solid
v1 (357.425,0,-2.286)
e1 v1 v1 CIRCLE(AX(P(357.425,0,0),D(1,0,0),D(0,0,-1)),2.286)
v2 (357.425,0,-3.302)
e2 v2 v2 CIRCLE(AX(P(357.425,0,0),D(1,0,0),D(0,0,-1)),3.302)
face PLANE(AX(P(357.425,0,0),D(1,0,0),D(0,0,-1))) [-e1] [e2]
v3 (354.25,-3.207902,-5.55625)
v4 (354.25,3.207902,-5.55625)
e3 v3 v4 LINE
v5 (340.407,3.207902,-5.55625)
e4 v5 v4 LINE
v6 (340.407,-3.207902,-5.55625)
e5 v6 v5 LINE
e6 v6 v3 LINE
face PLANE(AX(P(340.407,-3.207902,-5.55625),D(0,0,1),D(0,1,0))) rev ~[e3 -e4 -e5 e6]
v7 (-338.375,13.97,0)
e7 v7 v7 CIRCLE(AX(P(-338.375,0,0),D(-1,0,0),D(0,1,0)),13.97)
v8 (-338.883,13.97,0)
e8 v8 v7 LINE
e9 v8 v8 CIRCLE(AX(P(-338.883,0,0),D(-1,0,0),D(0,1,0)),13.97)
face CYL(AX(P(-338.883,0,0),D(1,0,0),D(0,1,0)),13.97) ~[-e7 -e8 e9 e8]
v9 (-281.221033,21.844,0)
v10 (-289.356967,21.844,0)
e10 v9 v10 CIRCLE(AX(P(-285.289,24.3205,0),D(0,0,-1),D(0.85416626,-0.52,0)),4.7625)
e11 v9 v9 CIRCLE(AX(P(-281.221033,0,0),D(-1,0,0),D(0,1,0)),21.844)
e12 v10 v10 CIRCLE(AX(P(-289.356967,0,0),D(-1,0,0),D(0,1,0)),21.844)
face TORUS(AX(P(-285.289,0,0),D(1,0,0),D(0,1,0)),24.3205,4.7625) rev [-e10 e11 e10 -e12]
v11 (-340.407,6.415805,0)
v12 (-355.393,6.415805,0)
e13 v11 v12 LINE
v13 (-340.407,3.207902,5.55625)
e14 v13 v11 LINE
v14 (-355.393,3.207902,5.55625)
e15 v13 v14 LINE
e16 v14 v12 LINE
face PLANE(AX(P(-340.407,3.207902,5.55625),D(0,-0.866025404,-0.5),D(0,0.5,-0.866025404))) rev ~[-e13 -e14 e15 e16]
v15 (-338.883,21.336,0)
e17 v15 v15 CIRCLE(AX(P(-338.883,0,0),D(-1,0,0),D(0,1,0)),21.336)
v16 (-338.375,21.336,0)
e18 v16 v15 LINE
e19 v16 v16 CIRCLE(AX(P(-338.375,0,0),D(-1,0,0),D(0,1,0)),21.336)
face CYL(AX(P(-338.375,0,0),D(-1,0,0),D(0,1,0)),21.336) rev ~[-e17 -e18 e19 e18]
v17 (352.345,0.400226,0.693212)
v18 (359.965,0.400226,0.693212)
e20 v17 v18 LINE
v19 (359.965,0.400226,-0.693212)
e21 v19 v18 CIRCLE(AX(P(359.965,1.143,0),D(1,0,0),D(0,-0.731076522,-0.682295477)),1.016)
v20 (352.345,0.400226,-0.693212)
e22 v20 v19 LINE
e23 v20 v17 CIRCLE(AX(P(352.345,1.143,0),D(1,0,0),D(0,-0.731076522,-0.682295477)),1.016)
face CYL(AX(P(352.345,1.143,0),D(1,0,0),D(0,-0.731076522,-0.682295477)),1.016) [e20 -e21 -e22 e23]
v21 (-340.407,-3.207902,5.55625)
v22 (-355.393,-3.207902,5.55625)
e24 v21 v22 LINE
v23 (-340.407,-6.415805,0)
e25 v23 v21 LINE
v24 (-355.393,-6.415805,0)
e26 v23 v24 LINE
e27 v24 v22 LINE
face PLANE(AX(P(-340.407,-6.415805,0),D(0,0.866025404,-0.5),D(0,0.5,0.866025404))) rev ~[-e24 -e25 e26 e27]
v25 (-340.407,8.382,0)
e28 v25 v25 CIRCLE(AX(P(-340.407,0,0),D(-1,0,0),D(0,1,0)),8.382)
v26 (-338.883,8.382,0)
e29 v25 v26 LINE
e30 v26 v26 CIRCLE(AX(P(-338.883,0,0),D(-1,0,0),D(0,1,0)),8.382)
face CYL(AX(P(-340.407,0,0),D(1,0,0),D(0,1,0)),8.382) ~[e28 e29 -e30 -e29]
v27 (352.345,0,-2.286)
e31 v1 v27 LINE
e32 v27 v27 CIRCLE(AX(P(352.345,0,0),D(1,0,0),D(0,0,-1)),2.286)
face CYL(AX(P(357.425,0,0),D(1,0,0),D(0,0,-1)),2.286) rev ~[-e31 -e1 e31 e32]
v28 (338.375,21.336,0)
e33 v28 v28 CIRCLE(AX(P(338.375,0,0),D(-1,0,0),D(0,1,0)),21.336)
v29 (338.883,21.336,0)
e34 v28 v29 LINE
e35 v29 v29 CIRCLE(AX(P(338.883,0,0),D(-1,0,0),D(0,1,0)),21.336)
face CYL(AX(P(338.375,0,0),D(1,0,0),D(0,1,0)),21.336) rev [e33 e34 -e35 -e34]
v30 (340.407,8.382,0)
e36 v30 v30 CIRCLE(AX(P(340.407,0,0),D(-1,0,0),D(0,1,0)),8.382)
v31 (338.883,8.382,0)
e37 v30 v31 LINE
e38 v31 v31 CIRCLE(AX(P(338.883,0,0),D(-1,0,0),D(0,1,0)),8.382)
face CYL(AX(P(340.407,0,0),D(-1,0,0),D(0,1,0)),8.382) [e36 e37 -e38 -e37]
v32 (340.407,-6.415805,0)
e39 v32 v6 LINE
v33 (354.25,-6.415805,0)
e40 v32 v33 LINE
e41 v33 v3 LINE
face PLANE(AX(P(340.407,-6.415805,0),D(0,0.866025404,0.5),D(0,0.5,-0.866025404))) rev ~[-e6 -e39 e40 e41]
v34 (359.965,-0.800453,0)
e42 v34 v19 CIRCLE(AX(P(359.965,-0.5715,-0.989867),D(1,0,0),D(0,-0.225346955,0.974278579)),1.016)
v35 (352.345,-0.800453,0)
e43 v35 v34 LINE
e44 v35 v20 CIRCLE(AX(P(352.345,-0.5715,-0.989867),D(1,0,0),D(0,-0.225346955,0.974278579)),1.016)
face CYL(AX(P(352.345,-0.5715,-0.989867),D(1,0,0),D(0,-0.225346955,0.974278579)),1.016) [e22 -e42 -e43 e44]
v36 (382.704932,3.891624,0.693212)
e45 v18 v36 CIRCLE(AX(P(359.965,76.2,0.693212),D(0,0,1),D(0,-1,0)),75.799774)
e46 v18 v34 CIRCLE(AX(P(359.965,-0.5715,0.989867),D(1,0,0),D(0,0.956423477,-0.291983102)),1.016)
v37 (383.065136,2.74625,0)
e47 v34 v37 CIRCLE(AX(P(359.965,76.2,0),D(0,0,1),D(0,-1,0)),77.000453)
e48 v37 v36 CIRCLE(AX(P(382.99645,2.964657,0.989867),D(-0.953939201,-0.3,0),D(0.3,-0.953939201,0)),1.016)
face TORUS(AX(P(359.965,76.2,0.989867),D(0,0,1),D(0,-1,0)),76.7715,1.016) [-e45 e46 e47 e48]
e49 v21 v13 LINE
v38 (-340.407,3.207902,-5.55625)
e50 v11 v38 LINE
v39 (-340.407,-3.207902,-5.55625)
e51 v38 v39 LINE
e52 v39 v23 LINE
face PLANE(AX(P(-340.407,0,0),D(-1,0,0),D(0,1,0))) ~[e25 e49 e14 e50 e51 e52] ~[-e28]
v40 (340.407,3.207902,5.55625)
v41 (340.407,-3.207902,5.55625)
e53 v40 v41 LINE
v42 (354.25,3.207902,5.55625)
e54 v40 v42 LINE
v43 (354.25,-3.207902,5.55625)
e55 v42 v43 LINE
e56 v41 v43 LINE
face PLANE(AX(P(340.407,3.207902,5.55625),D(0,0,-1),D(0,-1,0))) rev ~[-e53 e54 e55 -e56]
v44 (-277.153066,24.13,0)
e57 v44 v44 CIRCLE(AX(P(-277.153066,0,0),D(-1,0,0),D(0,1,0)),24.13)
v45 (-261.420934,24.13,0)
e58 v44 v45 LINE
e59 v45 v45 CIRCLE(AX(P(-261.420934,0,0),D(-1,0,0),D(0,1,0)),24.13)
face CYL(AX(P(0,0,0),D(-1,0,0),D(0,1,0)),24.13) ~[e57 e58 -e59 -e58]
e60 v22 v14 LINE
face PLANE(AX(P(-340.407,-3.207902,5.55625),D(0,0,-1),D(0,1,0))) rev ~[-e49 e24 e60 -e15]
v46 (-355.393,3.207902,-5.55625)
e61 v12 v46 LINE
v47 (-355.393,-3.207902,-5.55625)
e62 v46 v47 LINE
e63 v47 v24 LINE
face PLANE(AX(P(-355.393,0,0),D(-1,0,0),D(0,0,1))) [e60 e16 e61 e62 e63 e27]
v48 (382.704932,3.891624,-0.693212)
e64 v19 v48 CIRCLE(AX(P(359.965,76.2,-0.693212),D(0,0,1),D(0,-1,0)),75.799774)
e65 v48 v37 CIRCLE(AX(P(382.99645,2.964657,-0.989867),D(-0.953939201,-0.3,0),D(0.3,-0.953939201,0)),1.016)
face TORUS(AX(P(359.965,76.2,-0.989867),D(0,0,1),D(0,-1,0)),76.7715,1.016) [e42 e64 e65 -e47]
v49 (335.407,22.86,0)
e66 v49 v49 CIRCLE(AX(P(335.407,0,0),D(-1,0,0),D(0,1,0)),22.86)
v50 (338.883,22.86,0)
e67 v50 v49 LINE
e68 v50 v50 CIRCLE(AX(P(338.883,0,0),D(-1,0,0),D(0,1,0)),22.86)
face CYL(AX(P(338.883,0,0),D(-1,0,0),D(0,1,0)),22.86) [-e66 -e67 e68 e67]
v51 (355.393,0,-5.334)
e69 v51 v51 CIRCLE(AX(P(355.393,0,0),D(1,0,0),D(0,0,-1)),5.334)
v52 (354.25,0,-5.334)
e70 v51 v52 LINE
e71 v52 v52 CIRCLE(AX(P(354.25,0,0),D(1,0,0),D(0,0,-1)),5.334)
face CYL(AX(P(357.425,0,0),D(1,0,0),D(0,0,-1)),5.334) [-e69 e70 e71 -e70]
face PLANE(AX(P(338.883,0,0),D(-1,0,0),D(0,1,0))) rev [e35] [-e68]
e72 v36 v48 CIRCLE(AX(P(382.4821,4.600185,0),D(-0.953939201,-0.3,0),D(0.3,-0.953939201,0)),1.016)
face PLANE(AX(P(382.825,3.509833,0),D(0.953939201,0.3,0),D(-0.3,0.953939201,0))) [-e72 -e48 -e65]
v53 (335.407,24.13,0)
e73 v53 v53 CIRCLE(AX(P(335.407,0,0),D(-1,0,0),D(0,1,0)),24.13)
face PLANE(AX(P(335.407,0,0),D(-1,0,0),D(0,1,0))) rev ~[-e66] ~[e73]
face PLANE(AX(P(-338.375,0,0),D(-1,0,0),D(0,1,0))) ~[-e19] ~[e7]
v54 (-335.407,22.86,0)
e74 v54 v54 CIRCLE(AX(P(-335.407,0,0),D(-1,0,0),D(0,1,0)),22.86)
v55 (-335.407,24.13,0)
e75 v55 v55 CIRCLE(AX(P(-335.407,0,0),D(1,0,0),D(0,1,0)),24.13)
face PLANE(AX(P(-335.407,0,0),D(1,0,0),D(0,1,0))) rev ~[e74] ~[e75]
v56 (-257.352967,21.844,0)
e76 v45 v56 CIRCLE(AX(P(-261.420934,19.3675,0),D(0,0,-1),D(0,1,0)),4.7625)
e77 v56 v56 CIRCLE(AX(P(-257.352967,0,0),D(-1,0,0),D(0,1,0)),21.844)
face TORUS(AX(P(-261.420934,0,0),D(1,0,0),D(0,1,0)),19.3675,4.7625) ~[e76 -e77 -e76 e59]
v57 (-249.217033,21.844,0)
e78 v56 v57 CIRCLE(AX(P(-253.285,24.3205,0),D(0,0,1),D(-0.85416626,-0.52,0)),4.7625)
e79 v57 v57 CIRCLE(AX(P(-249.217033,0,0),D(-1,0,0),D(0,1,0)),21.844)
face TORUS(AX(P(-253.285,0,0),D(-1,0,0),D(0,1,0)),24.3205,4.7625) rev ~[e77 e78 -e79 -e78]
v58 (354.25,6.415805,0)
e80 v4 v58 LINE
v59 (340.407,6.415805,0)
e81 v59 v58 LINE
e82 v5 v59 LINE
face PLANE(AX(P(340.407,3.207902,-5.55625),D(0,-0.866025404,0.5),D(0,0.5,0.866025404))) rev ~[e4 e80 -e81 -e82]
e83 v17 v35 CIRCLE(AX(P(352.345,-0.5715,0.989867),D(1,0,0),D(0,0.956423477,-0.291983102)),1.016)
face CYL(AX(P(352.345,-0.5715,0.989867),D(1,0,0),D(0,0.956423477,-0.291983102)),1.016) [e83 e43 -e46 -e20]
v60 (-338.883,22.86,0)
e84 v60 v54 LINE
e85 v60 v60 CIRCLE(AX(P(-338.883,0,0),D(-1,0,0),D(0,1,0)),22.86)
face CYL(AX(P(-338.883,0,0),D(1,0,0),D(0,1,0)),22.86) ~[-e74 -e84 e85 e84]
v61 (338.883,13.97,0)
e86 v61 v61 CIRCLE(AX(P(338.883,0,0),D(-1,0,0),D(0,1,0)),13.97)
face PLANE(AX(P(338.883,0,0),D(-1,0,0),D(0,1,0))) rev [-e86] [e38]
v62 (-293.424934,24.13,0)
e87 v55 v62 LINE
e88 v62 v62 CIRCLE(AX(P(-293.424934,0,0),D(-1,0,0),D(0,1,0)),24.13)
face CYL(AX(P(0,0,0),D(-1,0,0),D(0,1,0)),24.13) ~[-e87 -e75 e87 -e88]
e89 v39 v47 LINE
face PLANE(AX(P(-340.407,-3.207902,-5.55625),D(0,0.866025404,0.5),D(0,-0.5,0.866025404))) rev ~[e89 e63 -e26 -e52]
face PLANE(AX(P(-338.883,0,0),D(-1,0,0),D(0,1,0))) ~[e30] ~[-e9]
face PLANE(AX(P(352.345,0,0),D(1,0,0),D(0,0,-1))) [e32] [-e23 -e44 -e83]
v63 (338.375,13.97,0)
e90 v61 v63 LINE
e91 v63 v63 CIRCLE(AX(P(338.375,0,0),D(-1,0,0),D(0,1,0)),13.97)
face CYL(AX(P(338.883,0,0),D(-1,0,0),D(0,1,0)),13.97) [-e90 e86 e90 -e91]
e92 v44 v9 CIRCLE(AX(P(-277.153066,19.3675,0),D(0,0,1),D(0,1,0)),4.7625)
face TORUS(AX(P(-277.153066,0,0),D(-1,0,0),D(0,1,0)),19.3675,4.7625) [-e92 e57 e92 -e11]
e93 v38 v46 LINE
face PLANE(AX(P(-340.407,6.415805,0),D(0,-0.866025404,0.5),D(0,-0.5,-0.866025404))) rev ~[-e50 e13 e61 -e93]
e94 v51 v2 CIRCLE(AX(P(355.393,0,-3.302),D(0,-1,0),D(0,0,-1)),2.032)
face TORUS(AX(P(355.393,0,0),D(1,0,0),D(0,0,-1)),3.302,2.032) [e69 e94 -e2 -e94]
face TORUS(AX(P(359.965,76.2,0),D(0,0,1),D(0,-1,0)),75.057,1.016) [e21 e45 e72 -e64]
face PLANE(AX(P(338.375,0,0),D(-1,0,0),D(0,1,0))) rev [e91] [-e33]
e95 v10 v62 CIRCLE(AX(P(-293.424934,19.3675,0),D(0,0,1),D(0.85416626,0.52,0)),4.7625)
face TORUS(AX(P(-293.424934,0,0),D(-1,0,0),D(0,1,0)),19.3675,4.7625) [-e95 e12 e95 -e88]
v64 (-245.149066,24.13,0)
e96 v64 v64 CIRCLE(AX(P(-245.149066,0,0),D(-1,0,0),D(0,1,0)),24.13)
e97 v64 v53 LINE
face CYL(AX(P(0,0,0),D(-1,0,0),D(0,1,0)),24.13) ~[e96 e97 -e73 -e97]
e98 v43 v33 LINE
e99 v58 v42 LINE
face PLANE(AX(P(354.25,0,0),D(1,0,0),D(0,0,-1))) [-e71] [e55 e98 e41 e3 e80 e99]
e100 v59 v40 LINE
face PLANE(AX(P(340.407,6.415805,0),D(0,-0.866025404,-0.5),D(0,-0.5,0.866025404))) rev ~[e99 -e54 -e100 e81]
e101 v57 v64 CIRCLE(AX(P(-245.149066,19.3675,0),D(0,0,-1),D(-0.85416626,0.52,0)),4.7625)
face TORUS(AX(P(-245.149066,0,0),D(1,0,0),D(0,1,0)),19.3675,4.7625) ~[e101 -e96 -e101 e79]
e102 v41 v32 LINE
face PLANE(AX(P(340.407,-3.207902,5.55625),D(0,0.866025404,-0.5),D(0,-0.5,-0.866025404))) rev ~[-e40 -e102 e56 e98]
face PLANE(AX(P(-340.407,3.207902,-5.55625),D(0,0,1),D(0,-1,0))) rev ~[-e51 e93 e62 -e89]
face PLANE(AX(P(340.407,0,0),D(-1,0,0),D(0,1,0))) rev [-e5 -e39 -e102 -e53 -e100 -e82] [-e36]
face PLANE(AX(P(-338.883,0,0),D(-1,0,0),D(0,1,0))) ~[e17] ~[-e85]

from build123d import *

# Parameters (mm, degrees)
BOSS_EXTRUDE1_DEPTH             = 14.986
BOSS_EXTRUDE2_DEPTH             = 17.018
SKETCH5_OUTSIDE_W               = 190.868
SKETCH5_OUTSIDE_H               = 190.868
SKETCH5_OUTSIDE_R               = 5.334
CUT_EXTRUDE1_DEPTH              = 3.175
FILLET1_R                       = 2.032
BOSS_EXTRUDE3_REACH             = 360.884
SKETCH6_R                       = 24.13
BOSS_EXTRUDE3_DIRECTION_2_REACH = 360.884
SKETCH8_R                       = 2.286
CUT_EXTRUDE2_DEPTH              = 5.08


with BuildPart() as part:
    # Sketch2 → Revolve1 (revolve)
    with BuildSketch(Plane.XY):
        Polygon((-340.407, 0), (-340.407, 8.382), (-338.883, 8.382), (-338.883, 13.97), (-338.375, 13.97), (-338.375, 21.336), (-338.883, 21.336), (-338.883, 22.86), (-335.407, 22.86), (-335.407, 0), align=None)
        Polygon((335.407, 0), (340.407, 0), (340.407, 8.382), (338.883, 8.382), (338.883, 13.97), (338.375, 13.97), (338.375, 21.336), (338.883, 21.336), (338.883, 22.86), (335.407, 22.86), align=None)
    revolve(axis=Axis((-340.407, 0, 0), (-1, 0, 0)))

    # Sketch3 → Boss-Extrude1 (add)
    with BuildSketch(Plane.ZY.offset(340.407)):
        Polygon((0, 6.415804866), (-5.55625, 3.207902433), (-5.55625, -3.207902433), (0, -6.415804866), (5.55625, -3.207902433), (5.55625, 3.207902433), align=None)
    extrude(amount=BOSS_EXTRUDE1_DEPTH)

    # Sketch4 → Boss-Extrude2 (add)
    with BuildSketch(Plane(origin=(340.407, 0, 0), x_dir=(0, 0, -1), z_dir=(1, 0, 0))):
        Polygon((5.55625, 3.207902433), (0, 6.415804866), (-5.55625, 3.207902433), (-5.55625, -3.207902433), (0, -6.415804866), (5.55625, -3.207902433), align=None)
    extrude(amount=BOSS_EXTRUDE2_DEPTH)

    # Sketch5 outside → Cut-Extrude1 (cut)
    with BuildSketch(Plane(origin=(357.425, 0, 0), x_dir=(0, 0, -1), z_dir=(1, 0, 0))):
        Rectangle(SKETCH5_OUTSIDE_W, SKETCH5_OUTSIDE_H)
        Circle(SKETCH5_OUTSIDE_R, mode=Mode.SUBTRACT)
    extrude(amount=-CUT_EXTRUDE1_DEPTH, mode=Mode.SUBTRACT)

    # Fillet1
    fillet1_edges = [part.edges().sort_by_distance(p)[0] for p in [
        (357.425, 0, 5.334),
    ]]
    fillet(fillet1_edges, radius=FILLET1_R)

    # Boss-Extrude3: up to this face of the body (flat: up to its plane)
    boss_extrude3_end = Plane(part.part.faces().sort_by_distance((-335.407, 0, 0))[0])
    # Sketch6 → Boss-Extrude3 (add, up to the picked face)
    with BuildSketch(Plane(origin=(0, 0, 0), x_dir=(0, 0, -1), z_dir=(1, 0, 0)), mode=Mode.PRIVATE) as boss_extrude3_sk1:
        with Locations(Location((0, 0, 0), (0, 0, 90))):
            Circle(SKETCH6_R)
    boss_extrude3_tool1 = split(extrude(boss_extrude3_sk1.sketch, amount=-BOSS_EXTRUDE3_REACH, mode=Mode.PRIVATE), bisect_by=boss_extrude3_end, keep=Keep.BOTH, mode=Mode.PRIVATE)
    add(boss_extrude3_tool1.solids().sort_by(Axis((0, 0, 0), (-1, 0, 0)))[0])

    # Boss-Extrude3 direction 2: up to this face of the body (flat: up to its plane)
    boss_extrude3_direction_2_end = Plane(part.part.faces().sort_by_distance((335.407, 0, 0))[0])
    # Sketch6 → Boss-Extrude3 direction 2 (add, up to the picked face)
    with BuildSketch(Plane(origin=(0, 0, 0), x_dir=(0, 0, -1), z_dir=(1, 0, 0)), mode=Mode.PRIVATE) as boss_extrude3_direction_2_sk1:
        with Locations(Location((0, 0, 0), (0, 0, 90))):
            Circle(SKETCH6_R)
    boss_extrude3_direction_2_tool1 = split(extrude(boss_extrude3_direction_2_sk1.sketch, amount=BOSS_EXTRUDE3_DIRECTION_2_REACH, mode=Mode.PRIVATE), bisect_by=boss_extrude3_direction_2_end, keep=Keep.BOTH, mode=Mode.PRIVATE)
    add(boss_extrude3_direction_2_tool1.solids().sort_by(Axis((0, 0, 0), (1, 0, 0)))[0])

    # Sketch7 → Cut-Revolve1 (revolve, cut)
    with BuildSketch(Plane.XY):
        with BuildLine():
            Line((-293.424933628, 24.13), (-277.153066372, 24.13))
            ThreePointArc((-277.153066372, 24.13), (-279.486205352, 23.519351244), (-281.221033186, 21.844))
            ThreePointArc((-281.221033186, 21.844), (-285.289, 19.558), (-289.356966814, 21.844))
            ThreePointArc((-289.356966814, 21.844), (-291.091794648, 23.519351244), (-293.424933628, 24.13))
        make_face()
        with BuildLine():
            Line((-245.149066372, 24.13), (-261.420933628, 24.13))
            ThreePointArc((-261.420933628, 24.13), (-259.087794648, 23.519351244), (-257.352966814, 21.844))
            ThreePointArc((-257.352966814, 21.844), (-253.285, 19.558), (-249.217033186, 21.844))
            ThreePointArc((-249.217033186, 21.844), (-247.482205352, 23.519351244), (-245.149066372, 24.13))
        make_face()
    revolve(axis=Axis((-342.9, 0, 0), (-1, 0, 0)), mode=Mode.SUBTRACT)

    # Sketch8 → Cut-Extrude2 (cut)
    with BuildSketch(Plane(origin=(357.425, 0, 0), x_dir=(0, 0, -1), z_dir=(1, 0, 0))):
        Circle(SKETCH8_R)
    extrude(amount=-CUT_EXTRUDE2_DEPTH, mode=Mode.SUBTRACT)

    # Sweep1: sweep along a path in Sketch10
    with BuildLine(Plane.XY) as sweep1_path:
        Line((352.345, 0), (359.965, 0))
        ThreePointArc((359.965, 0), (371.528936685, 0.882569293), (382.825, 3.509832852))
    # Sketch9 → Sweep1 (sweep)
    with BuildSketch(Plane(origin=(352.345, 0, 0), x_dir=(0, 0, -1), z_dir=(1, 0, 0))):
        with BuildLine():
            ThreePointArc((-0.693212205, 0.400226253), (-1.869748847, -1.0795), (0, -0.800452506))
            ThreePointArc((0, -0.800452506), (1.869748847, -1.0795), (0.693212205, 0.400226253))
            ThreePointArc((0.693212205, 0.400226253), (0, 2.159), (-0.693212205, 0.400226253))
        make_face()
    sweep(path=sweep1_path.line)


solid = part.part
